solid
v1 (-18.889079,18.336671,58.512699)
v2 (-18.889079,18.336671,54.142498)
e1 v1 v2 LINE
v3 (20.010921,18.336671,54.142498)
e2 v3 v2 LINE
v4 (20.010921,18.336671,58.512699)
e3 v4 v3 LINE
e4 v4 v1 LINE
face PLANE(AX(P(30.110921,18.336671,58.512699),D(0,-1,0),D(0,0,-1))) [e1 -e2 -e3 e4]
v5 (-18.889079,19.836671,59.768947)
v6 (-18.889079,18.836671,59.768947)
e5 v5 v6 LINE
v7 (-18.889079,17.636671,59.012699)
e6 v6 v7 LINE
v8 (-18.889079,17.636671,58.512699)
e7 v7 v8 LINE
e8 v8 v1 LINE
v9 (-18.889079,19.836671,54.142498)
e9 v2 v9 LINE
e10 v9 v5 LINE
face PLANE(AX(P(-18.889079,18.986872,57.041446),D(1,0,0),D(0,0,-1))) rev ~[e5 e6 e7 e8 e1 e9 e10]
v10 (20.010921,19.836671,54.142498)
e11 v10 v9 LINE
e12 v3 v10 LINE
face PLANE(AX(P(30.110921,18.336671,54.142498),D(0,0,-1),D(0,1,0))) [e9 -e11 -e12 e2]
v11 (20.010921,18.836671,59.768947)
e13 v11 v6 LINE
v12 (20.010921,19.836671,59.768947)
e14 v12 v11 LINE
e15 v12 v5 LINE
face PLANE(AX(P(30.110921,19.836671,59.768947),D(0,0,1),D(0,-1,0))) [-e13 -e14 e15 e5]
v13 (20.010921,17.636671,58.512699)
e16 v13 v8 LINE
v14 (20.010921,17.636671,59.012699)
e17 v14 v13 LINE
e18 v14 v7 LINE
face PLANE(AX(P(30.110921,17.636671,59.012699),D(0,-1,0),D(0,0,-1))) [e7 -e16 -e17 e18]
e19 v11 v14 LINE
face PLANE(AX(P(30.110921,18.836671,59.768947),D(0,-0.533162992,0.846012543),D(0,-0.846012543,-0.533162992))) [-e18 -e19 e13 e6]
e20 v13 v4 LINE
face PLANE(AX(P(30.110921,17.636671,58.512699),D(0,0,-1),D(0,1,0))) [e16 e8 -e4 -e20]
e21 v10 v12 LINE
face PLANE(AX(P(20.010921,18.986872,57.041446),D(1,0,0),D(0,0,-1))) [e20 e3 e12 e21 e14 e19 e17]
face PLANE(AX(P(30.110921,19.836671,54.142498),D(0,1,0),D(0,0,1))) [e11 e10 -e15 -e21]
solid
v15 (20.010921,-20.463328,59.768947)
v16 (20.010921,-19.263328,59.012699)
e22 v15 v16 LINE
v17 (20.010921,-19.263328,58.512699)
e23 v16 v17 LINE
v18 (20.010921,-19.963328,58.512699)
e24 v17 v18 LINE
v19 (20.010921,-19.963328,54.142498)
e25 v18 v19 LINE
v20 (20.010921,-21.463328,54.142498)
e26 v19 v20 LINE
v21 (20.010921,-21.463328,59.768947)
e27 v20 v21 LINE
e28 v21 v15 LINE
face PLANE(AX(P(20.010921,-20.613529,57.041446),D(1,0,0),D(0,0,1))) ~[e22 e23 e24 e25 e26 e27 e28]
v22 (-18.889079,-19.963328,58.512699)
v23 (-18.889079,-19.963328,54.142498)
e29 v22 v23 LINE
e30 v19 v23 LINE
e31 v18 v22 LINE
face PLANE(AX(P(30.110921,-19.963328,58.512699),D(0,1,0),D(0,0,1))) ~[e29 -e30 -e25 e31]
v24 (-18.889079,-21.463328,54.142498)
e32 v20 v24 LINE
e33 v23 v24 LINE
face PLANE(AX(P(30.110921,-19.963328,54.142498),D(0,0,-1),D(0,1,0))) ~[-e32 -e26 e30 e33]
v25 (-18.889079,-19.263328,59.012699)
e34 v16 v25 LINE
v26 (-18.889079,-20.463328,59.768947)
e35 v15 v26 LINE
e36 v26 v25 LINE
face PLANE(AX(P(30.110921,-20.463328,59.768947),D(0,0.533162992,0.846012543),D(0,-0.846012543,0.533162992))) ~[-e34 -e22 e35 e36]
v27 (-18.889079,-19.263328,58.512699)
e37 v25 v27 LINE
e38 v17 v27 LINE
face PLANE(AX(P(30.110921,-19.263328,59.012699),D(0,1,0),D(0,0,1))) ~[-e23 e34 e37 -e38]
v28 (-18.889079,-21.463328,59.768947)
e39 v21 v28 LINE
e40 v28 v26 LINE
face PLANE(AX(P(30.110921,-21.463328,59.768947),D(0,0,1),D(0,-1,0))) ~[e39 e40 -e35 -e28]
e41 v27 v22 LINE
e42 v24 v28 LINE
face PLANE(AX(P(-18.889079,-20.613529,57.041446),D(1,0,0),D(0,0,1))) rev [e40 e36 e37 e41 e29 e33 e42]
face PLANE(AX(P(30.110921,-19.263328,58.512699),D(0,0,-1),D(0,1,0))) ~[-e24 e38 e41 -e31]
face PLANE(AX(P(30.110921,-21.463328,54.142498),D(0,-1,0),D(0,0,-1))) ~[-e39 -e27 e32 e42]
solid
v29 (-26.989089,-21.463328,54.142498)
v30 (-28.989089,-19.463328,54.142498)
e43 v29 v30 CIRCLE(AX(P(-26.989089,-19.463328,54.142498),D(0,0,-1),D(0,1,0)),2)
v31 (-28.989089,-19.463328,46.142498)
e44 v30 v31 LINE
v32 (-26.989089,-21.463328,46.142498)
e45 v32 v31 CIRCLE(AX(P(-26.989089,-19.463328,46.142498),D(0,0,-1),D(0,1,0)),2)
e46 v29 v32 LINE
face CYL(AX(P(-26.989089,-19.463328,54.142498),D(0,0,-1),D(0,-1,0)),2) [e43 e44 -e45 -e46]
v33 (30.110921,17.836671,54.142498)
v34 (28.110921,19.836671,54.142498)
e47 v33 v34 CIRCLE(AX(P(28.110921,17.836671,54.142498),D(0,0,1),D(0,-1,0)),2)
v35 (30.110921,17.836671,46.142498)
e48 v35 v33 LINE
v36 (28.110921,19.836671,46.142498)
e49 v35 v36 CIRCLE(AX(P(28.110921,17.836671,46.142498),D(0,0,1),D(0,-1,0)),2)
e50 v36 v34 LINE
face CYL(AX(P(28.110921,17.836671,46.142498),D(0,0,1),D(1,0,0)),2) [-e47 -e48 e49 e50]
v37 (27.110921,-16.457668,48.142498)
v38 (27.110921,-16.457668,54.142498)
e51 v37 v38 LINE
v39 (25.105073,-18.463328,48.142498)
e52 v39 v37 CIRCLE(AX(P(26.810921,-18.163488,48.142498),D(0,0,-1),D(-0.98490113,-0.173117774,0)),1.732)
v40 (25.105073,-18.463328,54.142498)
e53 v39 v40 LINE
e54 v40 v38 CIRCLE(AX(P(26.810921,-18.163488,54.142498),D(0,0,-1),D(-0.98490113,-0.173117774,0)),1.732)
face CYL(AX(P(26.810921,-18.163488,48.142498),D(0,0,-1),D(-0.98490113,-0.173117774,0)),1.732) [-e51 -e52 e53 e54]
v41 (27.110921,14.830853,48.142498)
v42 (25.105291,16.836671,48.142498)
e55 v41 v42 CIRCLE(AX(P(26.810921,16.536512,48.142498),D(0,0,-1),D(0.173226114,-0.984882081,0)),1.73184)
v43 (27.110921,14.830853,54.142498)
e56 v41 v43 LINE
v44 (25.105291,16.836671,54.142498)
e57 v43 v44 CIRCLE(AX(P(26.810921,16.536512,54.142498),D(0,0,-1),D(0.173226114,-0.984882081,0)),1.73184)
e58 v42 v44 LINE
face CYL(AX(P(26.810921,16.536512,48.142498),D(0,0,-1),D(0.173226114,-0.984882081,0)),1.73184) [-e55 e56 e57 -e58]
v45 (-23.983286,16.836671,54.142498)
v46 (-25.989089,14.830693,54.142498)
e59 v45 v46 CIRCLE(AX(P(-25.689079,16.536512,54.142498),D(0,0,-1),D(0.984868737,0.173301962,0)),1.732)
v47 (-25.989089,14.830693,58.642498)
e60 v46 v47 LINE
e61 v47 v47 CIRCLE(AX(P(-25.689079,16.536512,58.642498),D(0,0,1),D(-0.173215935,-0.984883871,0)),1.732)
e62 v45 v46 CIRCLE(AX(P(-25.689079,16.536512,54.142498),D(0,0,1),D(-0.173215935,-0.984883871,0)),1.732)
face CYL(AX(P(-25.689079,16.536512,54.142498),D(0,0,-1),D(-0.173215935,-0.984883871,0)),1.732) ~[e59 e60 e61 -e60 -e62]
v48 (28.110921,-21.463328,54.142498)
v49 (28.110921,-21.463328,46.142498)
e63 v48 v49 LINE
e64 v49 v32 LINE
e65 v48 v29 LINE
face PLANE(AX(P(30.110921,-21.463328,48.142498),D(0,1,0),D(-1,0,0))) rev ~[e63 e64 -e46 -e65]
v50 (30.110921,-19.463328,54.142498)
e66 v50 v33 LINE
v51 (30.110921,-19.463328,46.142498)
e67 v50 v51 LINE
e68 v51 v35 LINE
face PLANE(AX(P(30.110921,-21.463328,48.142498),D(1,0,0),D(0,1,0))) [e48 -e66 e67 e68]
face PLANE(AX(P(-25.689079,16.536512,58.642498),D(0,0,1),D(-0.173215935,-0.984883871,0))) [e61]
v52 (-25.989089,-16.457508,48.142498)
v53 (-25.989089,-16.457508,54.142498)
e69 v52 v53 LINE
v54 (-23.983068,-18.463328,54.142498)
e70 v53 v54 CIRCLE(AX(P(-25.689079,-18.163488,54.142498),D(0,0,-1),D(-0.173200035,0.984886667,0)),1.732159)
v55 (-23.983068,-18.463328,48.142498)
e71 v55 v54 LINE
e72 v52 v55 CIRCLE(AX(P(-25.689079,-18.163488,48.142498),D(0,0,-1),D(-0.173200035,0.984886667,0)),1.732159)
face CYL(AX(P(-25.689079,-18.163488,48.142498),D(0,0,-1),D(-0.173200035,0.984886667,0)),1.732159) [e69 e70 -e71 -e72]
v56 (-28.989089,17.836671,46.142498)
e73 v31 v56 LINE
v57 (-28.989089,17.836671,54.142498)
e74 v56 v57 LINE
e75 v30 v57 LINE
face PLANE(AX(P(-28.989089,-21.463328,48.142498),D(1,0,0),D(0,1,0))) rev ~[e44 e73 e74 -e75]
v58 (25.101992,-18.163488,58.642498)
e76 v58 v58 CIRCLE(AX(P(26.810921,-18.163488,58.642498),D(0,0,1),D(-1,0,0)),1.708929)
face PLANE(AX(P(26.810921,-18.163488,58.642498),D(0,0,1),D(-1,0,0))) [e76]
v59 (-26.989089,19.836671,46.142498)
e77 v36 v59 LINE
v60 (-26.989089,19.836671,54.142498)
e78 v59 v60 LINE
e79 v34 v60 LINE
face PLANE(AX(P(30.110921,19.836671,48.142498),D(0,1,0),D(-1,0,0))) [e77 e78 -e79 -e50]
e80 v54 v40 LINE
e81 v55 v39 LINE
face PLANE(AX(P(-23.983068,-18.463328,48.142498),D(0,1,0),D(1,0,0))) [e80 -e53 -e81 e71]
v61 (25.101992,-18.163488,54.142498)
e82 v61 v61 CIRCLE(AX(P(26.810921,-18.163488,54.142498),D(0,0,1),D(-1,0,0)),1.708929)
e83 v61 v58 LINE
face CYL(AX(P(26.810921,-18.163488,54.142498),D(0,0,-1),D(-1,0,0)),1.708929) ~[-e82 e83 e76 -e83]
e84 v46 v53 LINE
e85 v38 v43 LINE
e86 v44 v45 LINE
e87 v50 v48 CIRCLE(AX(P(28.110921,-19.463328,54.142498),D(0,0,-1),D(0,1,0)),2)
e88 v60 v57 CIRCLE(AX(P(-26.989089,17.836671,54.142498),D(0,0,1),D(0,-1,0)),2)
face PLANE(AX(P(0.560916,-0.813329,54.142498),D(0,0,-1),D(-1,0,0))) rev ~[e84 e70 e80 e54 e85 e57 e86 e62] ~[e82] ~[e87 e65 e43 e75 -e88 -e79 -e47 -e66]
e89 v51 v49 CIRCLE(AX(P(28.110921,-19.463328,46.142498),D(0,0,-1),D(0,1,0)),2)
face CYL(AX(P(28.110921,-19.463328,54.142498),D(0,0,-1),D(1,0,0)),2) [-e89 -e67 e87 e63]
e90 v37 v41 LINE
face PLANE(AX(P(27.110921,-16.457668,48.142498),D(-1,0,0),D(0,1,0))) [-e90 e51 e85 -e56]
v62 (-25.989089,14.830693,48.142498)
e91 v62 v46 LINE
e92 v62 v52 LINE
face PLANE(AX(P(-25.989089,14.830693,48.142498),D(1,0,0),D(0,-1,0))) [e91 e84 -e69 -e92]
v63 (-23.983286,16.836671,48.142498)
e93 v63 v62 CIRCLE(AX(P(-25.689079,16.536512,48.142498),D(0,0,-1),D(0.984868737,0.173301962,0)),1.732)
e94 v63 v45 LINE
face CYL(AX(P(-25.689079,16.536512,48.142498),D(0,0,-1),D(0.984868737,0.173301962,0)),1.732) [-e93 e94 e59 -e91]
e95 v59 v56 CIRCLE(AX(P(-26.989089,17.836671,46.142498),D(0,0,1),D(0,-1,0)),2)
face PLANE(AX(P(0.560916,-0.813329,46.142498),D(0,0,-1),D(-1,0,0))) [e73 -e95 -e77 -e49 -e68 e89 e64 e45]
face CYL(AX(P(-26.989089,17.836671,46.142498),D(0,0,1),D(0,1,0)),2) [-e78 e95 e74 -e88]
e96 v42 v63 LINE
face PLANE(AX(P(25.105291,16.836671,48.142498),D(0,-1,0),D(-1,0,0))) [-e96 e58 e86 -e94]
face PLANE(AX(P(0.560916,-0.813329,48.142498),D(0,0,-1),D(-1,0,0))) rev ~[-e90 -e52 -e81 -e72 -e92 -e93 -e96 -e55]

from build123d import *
from build123d.topology import SkipClean

# Parameters (mm, degrees)
SZKIC1_W                    = 59.100010001
SZKIC1_H                    = 41.299998987
DODANIE_WYCI_GNI_CIE1_DEPTH = 6
SZKIC2_W                    = 59.100010001
SZKIC2_H                    = 41.299998987
DODANIE_WYCI_GNI_CIE2_DEPTH = 2
DODANIE_WYCI_GNI_CIE3_DEPTH = 49
WYTNIJ_WYCI_GNI_CIE2_DEPTH  = 10.1
SZKIC10_R                   = 1.708928953
SZKIC10_R_2                 = 1.732000006
DODANIE_WYCI_GNI_CIE4_DEPTH = 4.5
ZAOKR_GLENIE2_R             = 2


with BuildPart() as part:
    # Szkic1 → Dodanie-wyciągnięcie1 (new body)
    with BuildSketch(Plane(origin=(0, 0, 48.142497501), x_dir=(-1, 0, 0), z_dir=(0, 0, -1))):
        with Locations((-0.56091645, -0.813328838)):
            Rectangle(SZKIC1_W, SZKIC1_H)
        with BuildLine():
            ThreePointArc((-27.11092145, 14.830852979), (-25.586268211, 15.311972573), (-25.105290748, 16.836670655))
            Line((-25.105290748, 16.836670655), (23.983285891, 16.836670655))
            ThreePointArc((23.983285891, 16.836670655), (24.464316114, 15.311856195), (25.989088551, 14.830692784))
            Line((25.989088551, 14.830692784), (25.989088551, -16.45750804))
            ThreePointArc((25.989088551, -16.45750804), (24.464318208, -16.938605941), (23.983068356, -18.463328332))
            Line((23.983068356, -18.463328332), (-25.105072686, -18.463328332))
            ThreePointArc((-25.105072686, -18.463328332), (-25.586269943, -16.938721956), (-27.11092145, -16.457667715))
            Line((-27.11092145, -16.457667715), (-27.11092145, 14.830852979))
        make_face(mode=Mode.SUBTRACT)
    extrude(amount=-DODANIE_WYCI_GNI_CIE1_DEPTH)

    # Szkic2 → Dodanie-wyciągnięcie2 (add)
    with BuildSketch(Plane(origin=(0, 0, 48.142497501), x_dir=(-1, 0, 0), z_dir=(0, 0, -1))):
        with Locations((-0.56091645, -0.813328838)):
            Rectangle(SZKIC2_W, SZKIC2_H)
    extrude(amount=DODANIE_WYCI_GNI_CIE2_DEPTH)

    # Szkic10 → Dodanie-wyciągnięcie4 (add)
    with SkipClean():  # the faces are left unmerged after this step: merging them gives an invalid solid
        with BuildSketch(Plane.XY.offset(54.142497501)):
            with Locations((26.81092145, -18.163488345)):
                Circle(SZKIC10_R)
            with Locations((-25.68907855, 16.536511655)):
                Circle(SZKIC10_R_2)
        extrude(amount=DODANIE_WYCI_GNI_CIE4_DEPTH)

    # Zaokrąglenie2
    zaokr_glenie2_edges = [part.edges().sort_by_distance(p)[0] for p in [
        (-28.989088551, 19.836670655, 50.142497501),
        (30.11092145, 19.836670655, 50.142497501),
        (30.11092145, -21.463328332, 50.142497501),
        (-28.989088551, -21.463328332, 50.142497501),
    ]]
    fillet(zaokr_glenie2_edges, radius=ZAOKR_GLENIE2_R)


with BuildPart() as body_2:
    # Szkic5 → Dodanie-wyciągnięcie3 (new body)
    with BuildSketch(Plane(origin=(30.11092145, 0, 0), x_dir=(0, 0, -1), z_dir=(1, 0, 0))):
        Polygon((-54.142497501, 19.836670655), (-59.768947352, 19.836670655), (-59.768947352, 18.836670655), (-59.012699001, 17.636670655), (-58.512699001, 17.636670655), (-58.512699001, 18.336670655), (-54.142497501, 18.336670655), align=None)
    extrude(amount=-DODANIE_WYCI_GNI_CIE3_DEPTH)

    # Szkic5<2> → Wytnij-wyciągnięcie2 (cut)
    with BuildSketch(Plane(origin=(30.11092145, 0, 0), x_dir=(0, 0, -1), z_dir=(1, 0, 0))):
        Polygon((-54.142497501, 19.836670655), (-59.768947352, 19.836670655), (-59.768947352, 18.836670655), (-59.012699001, 17.636670655), (-58.512699001, 17.636670655), (-58.512699001, 18.336670655), (-54.142497501, 18.336670655), align=None)
    extrude(amount=-WYTNIJ_WYCI_GNI_CIE2_DEPTH, mode=Mode.SUBTRACT)


with BuildPart() as body_3:
    # Lustro3: mirrored copy
    add(body_2.part.mirror(Plane(origin=(0, -0.813328839, 0), x_dir=(0, 0, 1), z_dir=(0, -1, 0))))


solid = Compound([part.part, body_2.part, body_3.part])
